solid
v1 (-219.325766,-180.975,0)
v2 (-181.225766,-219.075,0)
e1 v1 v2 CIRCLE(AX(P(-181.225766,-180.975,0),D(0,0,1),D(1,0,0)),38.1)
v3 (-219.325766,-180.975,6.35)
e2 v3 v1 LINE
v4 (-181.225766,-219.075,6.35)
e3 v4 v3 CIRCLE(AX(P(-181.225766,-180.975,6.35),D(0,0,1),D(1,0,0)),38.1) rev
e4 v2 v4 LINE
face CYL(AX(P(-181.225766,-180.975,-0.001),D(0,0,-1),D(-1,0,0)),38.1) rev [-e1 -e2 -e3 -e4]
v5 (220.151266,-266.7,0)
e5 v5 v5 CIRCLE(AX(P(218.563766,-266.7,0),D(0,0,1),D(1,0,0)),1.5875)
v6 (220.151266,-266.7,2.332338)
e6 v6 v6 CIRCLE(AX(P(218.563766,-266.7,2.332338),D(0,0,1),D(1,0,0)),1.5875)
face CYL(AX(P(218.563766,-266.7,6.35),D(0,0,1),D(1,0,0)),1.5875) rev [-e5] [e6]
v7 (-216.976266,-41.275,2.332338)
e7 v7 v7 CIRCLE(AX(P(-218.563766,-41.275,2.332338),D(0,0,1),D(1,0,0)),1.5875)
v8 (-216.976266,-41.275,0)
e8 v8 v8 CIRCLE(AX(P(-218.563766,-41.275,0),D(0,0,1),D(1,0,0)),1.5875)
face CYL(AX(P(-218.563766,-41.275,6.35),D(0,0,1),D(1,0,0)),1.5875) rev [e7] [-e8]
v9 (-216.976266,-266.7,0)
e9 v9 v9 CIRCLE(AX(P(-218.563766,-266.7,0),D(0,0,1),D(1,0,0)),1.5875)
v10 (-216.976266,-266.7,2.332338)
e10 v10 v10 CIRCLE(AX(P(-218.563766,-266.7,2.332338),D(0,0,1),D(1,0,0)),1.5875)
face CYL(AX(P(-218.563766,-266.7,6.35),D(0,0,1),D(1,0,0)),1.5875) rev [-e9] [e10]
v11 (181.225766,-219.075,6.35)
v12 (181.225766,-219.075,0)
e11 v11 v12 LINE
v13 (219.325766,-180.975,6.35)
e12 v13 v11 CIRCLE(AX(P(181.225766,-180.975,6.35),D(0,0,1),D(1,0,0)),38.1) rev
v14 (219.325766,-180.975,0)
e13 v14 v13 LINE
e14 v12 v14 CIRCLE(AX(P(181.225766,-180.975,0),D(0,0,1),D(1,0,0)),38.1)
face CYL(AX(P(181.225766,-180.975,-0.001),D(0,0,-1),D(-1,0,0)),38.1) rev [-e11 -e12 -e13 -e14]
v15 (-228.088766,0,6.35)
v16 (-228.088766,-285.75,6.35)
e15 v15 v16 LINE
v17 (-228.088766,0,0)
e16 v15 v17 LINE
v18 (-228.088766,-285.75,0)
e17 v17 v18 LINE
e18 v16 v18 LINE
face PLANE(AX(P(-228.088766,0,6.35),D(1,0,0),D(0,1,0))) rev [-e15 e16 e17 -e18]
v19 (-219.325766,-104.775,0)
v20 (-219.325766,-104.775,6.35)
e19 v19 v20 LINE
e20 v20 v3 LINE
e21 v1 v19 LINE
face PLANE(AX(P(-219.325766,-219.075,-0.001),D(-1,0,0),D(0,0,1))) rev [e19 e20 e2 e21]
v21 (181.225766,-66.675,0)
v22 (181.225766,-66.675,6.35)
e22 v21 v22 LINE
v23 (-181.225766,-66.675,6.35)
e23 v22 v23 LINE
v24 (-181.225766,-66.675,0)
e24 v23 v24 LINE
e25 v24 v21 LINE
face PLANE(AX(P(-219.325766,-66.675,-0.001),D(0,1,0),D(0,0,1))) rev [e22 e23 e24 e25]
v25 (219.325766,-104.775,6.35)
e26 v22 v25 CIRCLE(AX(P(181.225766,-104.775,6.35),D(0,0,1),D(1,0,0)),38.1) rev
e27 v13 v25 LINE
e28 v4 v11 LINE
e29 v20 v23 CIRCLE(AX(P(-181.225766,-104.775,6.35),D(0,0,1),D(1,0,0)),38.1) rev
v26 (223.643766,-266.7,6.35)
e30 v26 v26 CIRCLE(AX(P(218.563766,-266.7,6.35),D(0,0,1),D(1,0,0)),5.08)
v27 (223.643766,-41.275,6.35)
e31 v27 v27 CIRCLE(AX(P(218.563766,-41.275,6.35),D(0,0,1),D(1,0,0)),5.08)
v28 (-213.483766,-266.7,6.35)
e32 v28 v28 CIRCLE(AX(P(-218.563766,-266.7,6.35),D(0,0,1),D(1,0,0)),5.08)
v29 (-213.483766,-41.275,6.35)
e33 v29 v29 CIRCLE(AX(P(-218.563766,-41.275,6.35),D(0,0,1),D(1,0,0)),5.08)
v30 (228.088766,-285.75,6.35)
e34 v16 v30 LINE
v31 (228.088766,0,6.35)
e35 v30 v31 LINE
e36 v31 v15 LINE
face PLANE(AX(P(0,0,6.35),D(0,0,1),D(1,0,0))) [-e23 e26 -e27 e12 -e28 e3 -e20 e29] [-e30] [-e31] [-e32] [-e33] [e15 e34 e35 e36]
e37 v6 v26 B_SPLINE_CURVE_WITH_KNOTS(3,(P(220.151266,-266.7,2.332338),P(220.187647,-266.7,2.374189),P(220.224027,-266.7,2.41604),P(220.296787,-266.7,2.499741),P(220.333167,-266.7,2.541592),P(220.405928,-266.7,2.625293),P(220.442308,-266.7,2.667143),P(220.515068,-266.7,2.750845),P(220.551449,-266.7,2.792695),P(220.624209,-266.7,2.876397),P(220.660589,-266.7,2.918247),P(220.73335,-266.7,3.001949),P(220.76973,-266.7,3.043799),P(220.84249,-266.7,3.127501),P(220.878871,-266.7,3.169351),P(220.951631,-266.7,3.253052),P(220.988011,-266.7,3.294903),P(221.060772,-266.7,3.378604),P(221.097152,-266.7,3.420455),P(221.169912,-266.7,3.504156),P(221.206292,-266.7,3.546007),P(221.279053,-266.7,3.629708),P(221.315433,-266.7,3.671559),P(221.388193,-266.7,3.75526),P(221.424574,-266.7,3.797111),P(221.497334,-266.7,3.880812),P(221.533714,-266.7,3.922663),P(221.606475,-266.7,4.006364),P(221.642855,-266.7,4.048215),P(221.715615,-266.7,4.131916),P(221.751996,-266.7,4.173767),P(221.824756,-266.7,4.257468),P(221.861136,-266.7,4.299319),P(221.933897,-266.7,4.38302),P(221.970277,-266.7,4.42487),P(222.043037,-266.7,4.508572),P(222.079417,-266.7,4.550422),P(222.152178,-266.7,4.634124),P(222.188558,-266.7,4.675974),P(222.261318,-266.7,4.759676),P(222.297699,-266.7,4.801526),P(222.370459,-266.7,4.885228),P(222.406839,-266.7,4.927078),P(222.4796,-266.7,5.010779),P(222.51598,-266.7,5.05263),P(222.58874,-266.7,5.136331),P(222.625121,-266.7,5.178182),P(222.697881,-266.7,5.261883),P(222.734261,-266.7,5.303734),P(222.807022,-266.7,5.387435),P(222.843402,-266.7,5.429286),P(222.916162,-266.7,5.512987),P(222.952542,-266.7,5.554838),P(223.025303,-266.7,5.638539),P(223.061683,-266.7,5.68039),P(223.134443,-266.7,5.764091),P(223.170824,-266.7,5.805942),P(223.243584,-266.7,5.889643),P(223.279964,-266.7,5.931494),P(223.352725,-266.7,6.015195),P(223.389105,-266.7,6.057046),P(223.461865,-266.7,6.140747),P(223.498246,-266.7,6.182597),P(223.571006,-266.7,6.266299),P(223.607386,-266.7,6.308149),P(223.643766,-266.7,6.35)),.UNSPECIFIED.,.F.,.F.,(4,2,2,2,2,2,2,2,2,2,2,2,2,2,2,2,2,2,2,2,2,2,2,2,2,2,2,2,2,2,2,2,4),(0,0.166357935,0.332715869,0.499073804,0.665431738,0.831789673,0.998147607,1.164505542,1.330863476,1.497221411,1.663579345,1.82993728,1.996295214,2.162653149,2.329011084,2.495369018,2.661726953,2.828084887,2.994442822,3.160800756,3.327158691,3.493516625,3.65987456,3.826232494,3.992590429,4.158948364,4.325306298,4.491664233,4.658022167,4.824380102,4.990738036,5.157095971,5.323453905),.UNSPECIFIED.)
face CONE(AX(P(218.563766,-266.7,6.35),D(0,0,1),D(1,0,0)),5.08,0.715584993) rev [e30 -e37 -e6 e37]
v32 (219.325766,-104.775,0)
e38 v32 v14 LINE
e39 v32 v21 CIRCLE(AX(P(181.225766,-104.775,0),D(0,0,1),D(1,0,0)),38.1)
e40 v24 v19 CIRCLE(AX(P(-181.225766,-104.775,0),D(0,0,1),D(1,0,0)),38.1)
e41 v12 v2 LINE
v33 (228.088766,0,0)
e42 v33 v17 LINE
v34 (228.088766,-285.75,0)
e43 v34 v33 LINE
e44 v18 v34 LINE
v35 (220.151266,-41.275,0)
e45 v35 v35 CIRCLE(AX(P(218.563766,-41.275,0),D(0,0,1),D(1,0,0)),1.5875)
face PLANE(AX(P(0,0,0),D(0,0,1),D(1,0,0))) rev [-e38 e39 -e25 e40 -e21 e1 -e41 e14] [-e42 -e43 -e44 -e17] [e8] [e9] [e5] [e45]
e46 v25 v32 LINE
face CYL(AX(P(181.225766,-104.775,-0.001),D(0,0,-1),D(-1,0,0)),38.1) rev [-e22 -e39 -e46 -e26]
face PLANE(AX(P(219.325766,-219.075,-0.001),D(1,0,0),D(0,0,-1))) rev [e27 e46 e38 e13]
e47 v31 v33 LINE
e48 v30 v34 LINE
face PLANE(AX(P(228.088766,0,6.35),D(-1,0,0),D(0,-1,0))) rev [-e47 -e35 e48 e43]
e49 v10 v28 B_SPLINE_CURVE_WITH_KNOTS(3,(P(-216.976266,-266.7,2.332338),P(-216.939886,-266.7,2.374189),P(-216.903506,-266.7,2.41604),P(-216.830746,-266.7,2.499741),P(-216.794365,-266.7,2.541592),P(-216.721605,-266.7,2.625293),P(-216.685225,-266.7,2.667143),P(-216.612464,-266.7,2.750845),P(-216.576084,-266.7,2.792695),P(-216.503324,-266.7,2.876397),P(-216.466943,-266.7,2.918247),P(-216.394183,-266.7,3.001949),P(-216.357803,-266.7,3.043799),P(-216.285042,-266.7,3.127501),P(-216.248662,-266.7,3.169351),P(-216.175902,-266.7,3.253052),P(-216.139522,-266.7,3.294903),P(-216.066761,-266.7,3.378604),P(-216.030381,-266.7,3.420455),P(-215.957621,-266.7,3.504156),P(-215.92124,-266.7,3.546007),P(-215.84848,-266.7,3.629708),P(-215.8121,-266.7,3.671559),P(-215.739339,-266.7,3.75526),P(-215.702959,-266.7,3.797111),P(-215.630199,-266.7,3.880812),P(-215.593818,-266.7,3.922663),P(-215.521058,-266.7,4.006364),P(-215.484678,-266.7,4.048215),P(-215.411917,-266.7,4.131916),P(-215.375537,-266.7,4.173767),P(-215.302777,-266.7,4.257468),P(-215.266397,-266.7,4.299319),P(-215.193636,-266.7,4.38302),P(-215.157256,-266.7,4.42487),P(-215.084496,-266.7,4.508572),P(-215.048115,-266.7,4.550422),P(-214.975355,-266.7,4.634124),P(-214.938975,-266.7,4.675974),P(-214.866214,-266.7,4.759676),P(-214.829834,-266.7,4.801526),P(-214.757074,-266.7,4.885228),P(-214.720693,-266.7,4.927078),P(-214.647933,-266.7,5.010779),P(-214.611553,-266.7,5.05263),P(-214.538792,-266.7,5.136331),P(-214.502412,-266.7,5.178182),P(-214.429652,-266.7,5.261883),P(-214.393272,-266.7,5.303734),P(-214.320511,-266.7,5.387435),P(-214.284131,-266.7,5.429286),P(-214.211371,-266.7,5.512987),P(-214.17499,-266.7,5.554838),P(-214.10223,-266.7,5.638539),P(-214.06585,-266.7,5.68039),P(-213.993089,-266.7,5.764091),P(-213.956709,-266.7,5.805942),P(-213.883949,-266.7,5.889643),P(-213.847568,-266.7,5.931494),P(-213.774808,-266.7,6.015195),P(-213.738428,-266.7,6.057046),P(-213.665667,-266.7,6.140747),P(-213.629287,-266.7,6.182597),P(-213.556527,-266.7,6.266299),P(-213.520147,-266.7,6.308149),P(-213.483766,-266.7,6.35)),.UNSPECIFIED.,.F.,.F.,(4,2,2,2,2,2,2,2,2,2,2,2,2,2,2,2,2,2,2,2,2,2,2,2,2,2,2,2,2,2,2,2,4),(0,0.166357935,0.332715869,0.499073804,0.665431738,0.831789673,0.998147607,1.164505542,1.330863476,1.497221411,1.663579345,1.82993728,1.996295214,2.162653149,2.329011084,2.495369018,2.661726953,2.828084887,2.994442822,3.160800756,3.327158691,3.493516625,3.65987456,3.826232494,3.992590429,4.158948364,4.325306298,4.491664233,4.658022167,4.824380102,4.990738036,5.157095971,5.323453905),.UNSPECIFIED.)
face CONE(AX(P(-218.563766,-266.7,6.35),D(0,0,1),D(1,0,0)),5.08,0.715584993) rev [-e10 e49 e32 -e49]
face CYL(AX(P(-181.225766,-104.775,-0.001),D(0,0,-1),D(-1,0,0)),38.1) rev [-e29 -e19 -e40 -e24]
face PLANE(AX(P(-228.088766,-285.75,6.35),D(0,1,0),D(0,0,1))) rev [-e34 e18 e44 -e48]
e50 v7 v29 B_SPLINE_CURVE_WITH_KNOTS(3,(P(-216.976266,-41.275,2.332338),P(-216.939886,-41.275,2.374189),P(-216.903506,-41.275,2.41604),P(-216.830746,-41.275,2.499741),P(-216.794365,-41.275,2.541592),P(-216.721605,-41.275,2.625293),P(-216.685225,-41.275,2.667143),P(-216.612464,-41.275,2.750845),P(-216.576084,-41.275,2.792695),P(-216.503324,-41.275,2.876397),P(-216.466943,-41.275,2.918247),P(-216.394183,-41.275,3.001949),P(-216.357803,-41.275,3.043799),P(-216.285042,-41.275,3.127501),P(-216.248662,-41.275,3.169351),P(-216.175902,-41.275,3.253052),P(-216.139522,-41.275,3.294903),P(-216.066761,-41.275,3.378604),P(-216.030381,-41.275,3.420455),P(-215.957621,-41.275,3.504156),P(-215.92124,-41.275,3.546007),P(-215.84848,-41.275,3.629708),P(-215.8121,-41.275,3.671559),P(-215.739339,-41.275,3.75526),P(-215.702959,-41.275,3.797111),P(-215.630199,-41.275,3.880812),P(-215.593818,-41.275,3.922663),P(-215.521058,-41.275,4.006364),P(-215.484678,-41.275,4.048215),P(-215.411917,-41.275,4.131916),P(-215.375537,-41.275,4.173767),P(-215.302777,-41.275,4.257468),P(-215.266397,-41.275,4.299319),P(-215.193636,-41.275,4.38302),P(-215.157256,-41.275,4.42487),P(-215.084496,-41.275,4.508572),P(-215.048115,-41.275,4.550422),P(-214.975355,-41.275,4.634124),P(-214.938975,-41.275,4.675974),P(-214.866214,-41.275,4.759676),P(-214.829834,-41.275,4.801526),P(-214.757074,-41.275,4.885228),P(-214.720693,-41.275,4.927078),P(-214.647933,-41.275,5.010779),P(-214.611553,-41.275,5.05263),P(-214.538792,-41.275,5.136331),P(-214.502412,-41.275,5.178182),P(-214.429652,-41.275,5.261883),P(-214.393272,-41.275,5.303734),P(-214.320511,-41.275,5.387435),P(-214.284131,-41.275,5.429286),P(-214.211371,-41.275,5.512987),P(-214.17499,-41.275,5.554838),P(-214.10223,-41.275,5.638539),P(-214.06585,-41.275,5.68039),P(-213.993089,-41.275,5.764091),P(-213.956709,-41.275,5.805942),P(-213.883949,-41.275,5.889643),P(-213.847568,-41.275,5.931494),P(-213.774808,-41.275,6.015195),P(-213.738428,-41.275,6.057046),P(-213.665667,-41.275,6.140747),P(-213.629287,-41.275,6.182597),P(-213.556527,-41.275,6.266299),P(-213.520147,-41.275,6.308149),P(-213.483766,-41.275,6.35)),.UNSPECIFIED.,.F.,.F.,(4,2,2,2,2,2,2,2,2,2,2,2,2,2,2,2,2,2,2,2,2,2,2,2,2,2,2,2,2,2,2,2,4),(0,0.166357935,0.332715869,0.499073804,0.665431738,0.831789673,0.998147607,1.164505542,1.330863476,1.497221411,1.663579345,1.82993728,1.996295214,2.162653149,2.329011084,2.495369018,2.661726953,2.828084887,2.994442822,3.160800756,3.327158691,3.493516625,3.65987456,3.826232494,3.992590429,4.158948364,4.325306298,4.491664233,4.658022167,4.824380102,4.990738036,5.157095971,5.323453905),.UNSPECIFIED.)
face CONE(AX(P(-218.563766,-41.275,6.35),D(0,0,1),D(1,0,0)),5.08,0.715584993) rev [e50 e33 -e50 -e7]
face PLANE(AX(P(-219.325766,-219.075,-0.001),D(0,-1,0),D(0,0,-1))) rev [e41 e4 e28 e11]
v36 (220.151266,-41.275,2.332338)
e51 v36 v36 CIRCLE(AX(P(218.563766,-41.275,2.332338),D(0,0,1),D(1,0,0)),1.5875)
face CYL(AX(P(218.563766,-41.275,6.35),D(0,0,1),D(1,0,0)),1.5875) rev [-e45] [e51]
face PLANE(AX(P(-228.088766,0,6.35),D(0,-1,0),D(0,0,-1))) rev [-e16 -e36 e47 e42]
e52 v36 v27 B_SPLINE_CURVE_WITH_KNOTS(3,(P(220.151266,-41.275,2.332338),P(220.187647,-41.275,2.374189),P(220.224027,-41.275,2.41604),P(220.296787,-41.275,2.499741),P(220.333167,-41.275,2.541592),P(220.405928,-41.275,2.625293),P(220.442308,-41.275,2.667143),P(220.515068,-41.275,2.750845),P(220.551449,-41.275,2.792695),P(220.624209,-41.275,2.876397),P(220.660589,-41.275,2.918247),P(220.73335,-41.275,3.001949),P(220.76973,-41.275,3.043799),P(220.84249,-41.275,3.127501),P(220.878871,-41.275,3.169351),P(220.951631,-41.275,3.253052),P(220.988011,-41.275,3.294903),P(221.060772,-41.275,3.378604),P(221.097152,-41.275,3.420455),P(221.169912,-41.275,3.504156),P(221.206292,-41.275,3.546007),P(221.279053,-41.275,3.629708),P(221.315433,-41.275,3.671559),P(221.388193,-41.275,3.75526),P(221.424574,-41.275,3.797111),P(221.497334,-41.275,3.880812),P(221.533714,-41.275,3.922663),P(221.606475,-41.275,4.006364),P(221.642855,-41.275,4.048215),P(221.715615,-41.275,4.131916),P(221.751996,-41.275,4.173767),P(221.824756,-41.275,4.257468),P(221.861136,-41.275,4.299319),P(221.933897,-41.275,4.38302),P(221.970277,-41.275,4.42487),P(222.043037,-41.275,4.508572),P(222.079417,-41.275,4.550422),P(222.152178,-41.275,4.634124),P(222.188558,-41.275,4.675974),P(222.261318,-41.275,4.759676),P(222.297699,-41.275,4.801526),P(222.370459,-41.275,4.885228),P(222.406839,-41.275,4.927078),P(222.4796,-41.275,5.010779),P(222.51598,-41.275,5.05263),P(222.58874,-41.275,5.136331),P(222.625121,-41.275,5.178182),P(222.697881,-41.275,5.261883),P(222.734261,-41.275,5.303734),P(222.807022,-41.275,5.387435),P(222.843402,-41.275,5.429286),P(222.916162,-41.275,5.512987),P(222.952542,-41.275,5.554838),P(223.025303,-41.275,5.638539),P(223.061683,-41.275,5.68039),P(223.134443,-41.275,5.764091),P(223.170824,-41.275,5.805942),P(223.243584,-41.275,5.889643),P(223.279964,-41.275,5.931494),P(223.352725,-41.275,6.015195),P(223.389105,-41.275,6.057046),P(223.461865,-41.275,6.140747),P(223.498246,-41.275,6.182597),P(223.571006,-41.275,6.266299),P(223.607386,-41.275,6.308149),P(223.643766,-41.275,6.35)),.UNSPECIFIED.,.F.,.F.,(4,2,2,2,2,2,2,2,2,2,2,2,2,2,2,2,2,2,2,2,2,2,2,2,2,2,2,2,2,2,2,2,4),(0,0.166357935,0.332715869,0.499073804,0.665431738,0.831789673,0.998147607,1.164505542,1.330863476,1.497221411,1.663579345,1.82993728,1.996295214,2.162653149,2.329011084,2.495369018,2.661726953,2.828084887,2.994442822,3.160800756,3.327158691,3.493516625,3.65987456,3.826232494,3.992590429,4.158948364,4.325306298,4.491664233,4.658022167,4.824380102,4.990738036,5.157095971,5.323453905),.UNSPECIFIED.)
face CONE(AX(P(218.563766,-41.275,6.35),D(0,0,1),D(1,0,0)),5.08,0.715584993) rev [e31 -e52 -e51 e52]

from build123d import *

# Parameters (mm, degrees)
SKETCH1_W           = 456.177532672
SKETCH1_H           = 285.75
BOSS_EXTRUDE1_DEPTH = 6.35
CUT_EXTRUDE1_REACH  = 367.675
SKETCH2_W           = 438.651532672
SKETCH2_H           = 152.4
FILLET1_R           = 38.1
HOLE1_D             = 3.175
HOLE1_DEPTH         = 38.1
HOLE1_CSINK_D       = 10.16
HOLE1_CSINK_ANGLE   = 82
HOLE1_TIP           = 0.953866233


with BuildPart() as part:
    # Sketch1 → Boss-Extrude1 (new body)
    with BuildSketch(Plane.XY):
        with Locations((0, -142.875)):
            Rectangle(SKETCH1_W, SKETCH1_H)
    extrude(amount=BOSS_EXTRUDE1_DEPTH)

    # Sketch2 → Cut-Extrude1 (cut, up to next)
    with BuildSketch(Plane.XY.offset(6.35), mode=Mode.PRIVATE) as cut_extrude1_sk1:
        with Locations((0, -142.875)):
            Rectangle(SKETCH2_W, SKETCH2_H)
    cut_extrude1_tool1 = extrude(cut_extrude1_sk1.sketch, amount=-CUT_EXTRUDE1_REACH, mode=Mode.PRIVATE) & part.part
    add(cut_extrude1_tool1.solids().sort_by_distance((0, -142.875, 6.35))[0], mode=Mode.SUBTRACT)

    # Fillet1
    fillet1_edges = [part.edges().sort_by_distance(p)[0] for p in [
        (219.325766336, -66.675, 3.175),
        (219.325766336, -219.075, 3.175),
        (-219.325766336, -219.075, 3.175),
        (-219.325766336, -66.675, 3.175),
    ]]
    fillet(fillet1_edges, radius=FILLET1_R)

    # Hole1
    with Locations(Plane.XY.offset(6.35)):
        with Locations((-218.563766336, -266.7), (-218.563766336, -41.275), (218.563766336, -266.7), (218.563766336, -41.275)):
            CounterSinkHole(HOLE1_D / 2, HOLE1_CSINK_D / 2, depth=HOLE1_DEPTH, counter_sink_angle=HOLE1_CSINK_ANGLE)
            with Locations((0, 0, -(HOLE1_DEPTH + HOLE1_TIP / 2))):  # 118° drill point
                Cone(0, HOLE1_D / 2, HOLE1_TIP, mode=Mode.SUBTRACT)


solid = part.part
